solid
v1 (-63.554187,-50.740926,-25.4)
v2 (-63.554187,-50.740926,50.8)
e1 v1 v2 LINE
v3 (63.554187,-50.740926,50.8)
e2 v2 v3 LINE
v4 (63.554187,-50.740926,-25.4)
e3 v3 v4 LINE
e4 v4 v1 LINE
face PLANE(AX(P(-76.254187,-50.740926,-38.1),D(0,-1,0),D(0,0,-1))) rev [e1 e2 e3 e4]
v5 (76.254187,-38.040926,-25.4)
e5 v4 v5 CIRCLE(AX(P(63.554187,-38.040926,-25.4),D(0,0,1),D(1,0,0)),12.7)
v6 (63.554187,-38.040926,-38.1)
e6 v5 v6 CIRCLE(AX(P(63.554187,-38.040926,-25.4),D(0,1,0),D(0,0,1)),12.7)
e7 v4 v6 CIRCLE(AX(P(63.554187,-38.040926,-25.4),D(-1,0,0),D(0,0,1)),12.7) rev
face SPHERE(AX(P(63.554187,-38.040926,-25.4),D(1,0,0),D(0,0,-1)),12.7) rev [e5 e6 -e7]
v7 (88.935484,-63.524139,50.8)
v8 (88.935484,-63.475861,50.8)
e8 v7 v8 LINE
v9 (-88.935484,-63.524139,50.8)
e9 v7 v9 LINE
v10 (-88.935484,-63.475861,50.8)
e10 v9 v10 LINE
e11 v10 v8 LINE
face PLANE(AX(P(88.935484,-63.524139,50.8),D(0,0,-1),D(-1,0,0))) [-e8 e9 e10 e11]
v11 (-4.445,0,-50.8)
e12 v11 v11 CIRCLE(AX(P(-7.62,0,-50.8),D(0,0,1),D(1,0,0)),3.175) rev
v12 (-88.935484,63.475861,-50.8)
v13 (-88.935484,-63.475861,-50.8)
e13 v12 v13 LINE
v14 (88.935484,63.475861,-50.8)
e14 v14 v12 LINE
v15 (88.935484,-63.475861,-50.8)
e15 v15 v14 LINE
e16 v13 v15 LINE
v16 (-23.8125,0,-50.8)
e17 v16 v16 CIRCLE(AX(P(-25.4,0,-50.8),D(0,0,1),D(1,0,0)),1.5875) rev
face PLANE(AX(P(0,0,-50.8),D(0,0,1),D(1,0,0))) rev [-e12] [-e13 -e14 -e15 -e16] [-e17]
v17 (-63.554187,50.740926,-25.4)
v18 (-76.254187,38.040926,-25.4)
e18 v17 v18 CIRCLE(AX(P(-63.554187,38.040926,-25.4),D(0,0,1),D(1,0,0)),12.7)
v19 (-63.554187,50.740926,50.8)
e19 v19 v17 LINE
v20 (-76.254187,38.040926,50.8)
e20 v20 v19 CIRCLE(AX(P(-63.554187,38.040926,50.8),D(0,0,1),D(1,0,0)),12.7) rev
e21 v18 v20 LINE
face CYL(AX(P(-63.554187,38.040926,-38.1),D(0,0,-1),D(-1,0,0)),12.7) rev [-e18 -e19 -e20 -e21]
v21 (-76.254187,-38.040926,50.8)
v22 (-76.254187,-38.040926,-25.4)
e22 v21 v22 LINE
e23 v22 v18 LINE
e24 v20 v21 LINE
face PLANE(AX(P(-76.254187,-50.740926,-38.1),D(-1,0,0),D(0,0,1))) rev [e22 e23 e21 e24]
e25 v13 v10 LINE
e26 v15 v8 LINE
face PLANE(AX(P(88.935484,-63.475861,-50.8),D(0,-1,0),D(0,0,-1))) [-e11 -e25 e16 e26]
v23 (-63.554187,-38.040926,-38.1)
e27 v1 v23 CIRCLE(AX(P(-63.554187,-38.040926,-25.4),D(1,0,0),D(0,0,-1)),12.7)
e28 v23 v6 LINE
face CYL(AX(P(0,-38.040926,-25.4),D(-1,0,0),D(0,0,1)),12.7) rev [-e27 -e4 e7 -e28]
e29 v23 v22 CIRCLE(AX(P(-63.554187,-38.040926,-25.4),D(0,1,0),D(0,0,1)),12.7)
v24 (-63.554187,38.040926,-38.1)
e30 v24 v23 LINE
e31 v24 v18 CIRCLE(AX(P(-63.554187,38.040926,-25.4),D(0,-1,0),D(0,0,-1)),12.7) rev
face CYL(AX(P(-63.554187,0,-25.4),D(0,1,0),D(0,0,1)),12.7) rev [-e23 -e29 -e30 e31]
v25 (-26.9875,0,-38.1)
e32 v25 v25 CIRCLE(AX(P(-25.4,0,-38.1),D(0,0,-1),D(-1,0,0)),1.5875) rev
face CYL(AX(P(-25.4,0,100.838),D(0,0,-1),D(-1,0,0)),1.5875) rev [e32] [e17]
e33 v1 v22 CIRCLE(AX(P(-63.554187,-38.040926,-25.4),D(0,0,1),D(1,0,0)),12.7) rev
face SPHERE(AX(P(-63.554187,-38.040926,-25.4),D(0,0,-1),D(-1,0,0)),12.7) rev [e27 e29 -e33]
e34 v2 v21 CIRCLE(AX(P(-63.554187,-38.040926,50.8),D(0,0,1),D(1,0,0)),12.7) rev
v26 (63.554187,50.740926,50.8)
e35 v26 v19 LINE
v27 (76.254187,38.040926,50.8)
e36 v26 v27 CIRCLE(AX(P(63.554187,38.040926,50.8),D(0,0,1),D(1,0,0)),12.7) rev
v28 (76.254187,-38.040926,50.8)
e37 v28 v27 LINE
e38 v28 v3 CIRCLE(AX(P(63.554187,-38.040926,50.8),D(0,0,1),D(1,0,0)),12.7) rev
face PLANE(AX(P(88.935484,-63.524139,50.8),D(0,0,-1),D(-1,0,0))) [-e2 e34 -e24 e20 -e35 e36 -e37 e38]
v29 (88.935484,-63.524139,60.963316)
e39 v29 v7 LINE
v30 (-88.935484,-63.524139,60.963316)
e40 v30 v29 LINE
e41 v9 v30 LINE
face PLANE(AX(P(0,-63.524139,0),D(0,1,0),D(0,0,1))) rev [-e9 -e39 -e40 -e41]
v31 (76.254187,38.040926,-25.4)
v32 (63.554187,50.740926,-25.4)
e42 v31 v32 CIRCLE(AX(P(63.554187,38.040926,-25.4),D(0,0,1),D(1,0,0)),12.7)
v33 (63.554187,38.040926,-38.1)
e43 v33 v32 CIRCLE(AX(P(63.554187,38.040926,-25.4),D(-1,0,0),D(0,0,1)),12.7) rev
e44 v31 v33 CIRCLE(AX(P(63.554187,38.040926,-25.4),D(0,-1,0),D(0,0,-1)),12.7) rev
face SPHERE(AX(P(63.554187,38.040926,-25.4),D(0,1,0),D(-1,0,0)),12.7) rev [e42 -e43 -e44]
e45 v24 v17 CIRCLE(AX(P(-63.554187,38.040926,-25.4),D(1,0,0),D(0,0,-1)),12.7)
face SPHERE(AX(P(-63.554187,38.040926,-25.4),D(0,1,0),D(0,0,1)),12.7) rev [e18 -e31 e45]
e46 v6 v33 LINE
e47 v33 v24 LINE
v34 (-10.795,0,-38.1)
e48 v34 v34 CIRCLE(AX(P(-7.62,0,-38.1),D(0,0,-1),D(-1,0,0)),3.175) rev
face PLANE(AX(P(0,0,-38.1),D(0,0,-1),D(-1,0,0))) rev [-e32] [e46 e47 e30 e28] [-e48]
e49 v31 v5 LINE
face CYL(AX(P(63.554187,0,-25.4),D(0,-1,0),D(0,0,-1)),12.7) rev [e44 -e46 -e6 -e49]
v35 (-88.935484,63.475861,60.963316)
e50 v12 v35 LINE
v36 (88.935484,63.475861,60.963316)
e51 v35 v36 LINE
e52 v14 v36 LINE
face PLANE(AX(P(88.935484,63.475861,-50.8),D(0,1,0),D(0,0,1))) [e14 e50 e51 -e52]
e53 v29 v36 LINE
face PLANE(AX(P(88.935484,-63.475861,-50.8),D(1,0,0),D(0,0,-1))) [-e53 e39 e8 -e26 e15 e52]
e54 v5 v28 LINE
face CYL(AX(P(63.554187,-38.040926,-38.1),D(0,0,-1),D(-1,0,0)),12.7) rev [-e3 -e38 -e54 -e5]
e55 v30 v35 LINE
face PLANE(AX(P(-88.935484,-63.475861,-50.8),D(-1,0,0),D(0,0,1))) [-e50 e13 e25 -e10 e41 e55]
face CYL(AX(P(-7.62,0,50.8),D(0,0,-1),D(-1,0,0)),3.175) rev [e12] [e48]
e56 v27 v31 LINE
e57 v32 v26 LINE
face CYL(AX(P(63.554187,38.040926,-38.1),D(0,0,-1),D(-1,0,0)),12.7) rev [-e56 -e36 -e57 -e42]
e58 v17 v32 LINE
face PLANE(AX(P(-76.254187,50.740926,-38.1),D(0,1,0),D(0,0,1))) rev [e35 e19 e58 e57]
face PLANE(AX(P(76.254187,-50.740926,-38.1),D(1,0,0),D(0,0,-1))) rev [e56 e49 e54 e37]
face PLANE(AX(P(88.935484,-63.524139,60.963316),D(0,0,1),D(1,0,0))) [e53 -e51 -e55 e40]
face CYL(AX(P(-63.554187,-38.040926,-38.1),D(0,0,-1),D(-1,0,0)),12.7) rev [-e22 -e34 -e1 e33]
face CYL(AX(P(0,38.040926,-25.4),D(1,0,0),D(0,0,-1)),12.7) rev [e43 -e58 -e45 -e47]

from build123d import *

# Parameters (mm, degrees)
BOSS_EXTRUDE1_DEPTH      = 50.8
BOSS_EXTRUDE1_DEPTH_BACK = 50.8
SKETCH1_W                = 177.870967952
SKETCH1_H                = 126.951722988
SKETCH3_W                = 152.508374468
SKETCH3_H                = 101.481852174
CUT_EXTRUDE1_DEPTH       = 88.9
FILLET1_R                = 12.7
CUT_EXTRUDE2_DEPTH       = 138.938
CUT_EXTRUDE2_DEPTH_BACK  = 127
SKETCH4_R                = 1.5875
CUT_EXTRUDE3_DEPTH       = 141.861333596
CUT_EXTRUDE3_DEPTH_BACK  = 36.576
SKETCH5_R                = 3.175
SKETCH6_W                = 177.870967952
SKETCH6_H                = 10.163315621
BOSS_EXTRUDE2_DEPTH      = 127


with BuildPart() as part:
    # Sketch1 → Boss-Extrude1 (new, two sides: drawn at the far end of the back side and taken through both)
    with BuildSketch(Plane.XY.offset(-BOSS_EXTRUDE1_DEPTH_BACK)):
        Rectangle(SKETCH1_W, SKETCH1_H)
    extrude(amount=BOSS_EXTRUDE1_DEPTH + BOSS_EXTRUDE1_DEPTH_BACK)

    # Sketch3 → Cut-Extrude1 (cut)
    with BuildSketch(Plane.XY.offset(50.8)):
        Rectangle(SKETCH3_W, SKETCH3_H)
    extrude(amount=-CUT_EXTRUDE1_DEPTH, mode=Mode.SUBTRACT)

    # Fillet1
    fillet1_edges = [part.edges().sort_by_distance(p)[0] for p in [
        (-76.254187234, -50.740926087, 6.35),
        (-76.254187234, 0, -38.1),
        (0, 50.740926087, -38.1),
        (76.254187234, 0, -38.1),
        (0, -50.740926087, -38.1),
        (76.254187234, -50.740926087, 6.35),
        (76.254187234, 50.740926087, 6.35),
        (-76.254187234, 50.740926087, 6.35),
    ]]
    fillet(fillet1_edges, radius=FILLET1_R)

    # Sketch4 → Cut-Extrude2 (cut, two sides: drawn at the far end of the back side and taken through both)
    with BuildSketch(Plane.XY.offset(-38.1).offset(-CUT_EXTRUDE2_DEPTH_BACK)):
        with Locations((-25.4, 0)):
            Circle(SKETCH4_R)
    extrude(amount=CUT_EXTRUDE2_DEPTH + CUT_EXTRUDE2_DEPTH_BACK, mode=Mode.SUBTRACT)

    # Sketch5 → Cut-Extrude3 (cut, two sides: drawn at the far end of the back side and taken through both)
    with BuildSketch(Plane.XY.offset(-38.1).offset(-CUT_EXTRUDE3_DEPTH_BACK)):
        with Locations((-7.62, 0)):
            Circle(SKETCH5_R)
    extrude(amount=CUT_EXTRUDE3_DEPTH + CUT_EXTRUDE3_DEPTH_BACK, mode=Mode.SUBTRACT)

    # Sketch6 → Boss-Extrude2 (add)
    with BuildSketch(Plane(origin=(0, 63.475861494, 0), x_dir=(1, 0, 0), z_dir=(0, 1, 0))):
        with Locations((0, -55.881657811)):
            Rectangle(SKETCH6_W, SKETCH6_H)
    extrude(amount=-BOSS_EXTRUDE2_DEPTH)


solid = part.part
